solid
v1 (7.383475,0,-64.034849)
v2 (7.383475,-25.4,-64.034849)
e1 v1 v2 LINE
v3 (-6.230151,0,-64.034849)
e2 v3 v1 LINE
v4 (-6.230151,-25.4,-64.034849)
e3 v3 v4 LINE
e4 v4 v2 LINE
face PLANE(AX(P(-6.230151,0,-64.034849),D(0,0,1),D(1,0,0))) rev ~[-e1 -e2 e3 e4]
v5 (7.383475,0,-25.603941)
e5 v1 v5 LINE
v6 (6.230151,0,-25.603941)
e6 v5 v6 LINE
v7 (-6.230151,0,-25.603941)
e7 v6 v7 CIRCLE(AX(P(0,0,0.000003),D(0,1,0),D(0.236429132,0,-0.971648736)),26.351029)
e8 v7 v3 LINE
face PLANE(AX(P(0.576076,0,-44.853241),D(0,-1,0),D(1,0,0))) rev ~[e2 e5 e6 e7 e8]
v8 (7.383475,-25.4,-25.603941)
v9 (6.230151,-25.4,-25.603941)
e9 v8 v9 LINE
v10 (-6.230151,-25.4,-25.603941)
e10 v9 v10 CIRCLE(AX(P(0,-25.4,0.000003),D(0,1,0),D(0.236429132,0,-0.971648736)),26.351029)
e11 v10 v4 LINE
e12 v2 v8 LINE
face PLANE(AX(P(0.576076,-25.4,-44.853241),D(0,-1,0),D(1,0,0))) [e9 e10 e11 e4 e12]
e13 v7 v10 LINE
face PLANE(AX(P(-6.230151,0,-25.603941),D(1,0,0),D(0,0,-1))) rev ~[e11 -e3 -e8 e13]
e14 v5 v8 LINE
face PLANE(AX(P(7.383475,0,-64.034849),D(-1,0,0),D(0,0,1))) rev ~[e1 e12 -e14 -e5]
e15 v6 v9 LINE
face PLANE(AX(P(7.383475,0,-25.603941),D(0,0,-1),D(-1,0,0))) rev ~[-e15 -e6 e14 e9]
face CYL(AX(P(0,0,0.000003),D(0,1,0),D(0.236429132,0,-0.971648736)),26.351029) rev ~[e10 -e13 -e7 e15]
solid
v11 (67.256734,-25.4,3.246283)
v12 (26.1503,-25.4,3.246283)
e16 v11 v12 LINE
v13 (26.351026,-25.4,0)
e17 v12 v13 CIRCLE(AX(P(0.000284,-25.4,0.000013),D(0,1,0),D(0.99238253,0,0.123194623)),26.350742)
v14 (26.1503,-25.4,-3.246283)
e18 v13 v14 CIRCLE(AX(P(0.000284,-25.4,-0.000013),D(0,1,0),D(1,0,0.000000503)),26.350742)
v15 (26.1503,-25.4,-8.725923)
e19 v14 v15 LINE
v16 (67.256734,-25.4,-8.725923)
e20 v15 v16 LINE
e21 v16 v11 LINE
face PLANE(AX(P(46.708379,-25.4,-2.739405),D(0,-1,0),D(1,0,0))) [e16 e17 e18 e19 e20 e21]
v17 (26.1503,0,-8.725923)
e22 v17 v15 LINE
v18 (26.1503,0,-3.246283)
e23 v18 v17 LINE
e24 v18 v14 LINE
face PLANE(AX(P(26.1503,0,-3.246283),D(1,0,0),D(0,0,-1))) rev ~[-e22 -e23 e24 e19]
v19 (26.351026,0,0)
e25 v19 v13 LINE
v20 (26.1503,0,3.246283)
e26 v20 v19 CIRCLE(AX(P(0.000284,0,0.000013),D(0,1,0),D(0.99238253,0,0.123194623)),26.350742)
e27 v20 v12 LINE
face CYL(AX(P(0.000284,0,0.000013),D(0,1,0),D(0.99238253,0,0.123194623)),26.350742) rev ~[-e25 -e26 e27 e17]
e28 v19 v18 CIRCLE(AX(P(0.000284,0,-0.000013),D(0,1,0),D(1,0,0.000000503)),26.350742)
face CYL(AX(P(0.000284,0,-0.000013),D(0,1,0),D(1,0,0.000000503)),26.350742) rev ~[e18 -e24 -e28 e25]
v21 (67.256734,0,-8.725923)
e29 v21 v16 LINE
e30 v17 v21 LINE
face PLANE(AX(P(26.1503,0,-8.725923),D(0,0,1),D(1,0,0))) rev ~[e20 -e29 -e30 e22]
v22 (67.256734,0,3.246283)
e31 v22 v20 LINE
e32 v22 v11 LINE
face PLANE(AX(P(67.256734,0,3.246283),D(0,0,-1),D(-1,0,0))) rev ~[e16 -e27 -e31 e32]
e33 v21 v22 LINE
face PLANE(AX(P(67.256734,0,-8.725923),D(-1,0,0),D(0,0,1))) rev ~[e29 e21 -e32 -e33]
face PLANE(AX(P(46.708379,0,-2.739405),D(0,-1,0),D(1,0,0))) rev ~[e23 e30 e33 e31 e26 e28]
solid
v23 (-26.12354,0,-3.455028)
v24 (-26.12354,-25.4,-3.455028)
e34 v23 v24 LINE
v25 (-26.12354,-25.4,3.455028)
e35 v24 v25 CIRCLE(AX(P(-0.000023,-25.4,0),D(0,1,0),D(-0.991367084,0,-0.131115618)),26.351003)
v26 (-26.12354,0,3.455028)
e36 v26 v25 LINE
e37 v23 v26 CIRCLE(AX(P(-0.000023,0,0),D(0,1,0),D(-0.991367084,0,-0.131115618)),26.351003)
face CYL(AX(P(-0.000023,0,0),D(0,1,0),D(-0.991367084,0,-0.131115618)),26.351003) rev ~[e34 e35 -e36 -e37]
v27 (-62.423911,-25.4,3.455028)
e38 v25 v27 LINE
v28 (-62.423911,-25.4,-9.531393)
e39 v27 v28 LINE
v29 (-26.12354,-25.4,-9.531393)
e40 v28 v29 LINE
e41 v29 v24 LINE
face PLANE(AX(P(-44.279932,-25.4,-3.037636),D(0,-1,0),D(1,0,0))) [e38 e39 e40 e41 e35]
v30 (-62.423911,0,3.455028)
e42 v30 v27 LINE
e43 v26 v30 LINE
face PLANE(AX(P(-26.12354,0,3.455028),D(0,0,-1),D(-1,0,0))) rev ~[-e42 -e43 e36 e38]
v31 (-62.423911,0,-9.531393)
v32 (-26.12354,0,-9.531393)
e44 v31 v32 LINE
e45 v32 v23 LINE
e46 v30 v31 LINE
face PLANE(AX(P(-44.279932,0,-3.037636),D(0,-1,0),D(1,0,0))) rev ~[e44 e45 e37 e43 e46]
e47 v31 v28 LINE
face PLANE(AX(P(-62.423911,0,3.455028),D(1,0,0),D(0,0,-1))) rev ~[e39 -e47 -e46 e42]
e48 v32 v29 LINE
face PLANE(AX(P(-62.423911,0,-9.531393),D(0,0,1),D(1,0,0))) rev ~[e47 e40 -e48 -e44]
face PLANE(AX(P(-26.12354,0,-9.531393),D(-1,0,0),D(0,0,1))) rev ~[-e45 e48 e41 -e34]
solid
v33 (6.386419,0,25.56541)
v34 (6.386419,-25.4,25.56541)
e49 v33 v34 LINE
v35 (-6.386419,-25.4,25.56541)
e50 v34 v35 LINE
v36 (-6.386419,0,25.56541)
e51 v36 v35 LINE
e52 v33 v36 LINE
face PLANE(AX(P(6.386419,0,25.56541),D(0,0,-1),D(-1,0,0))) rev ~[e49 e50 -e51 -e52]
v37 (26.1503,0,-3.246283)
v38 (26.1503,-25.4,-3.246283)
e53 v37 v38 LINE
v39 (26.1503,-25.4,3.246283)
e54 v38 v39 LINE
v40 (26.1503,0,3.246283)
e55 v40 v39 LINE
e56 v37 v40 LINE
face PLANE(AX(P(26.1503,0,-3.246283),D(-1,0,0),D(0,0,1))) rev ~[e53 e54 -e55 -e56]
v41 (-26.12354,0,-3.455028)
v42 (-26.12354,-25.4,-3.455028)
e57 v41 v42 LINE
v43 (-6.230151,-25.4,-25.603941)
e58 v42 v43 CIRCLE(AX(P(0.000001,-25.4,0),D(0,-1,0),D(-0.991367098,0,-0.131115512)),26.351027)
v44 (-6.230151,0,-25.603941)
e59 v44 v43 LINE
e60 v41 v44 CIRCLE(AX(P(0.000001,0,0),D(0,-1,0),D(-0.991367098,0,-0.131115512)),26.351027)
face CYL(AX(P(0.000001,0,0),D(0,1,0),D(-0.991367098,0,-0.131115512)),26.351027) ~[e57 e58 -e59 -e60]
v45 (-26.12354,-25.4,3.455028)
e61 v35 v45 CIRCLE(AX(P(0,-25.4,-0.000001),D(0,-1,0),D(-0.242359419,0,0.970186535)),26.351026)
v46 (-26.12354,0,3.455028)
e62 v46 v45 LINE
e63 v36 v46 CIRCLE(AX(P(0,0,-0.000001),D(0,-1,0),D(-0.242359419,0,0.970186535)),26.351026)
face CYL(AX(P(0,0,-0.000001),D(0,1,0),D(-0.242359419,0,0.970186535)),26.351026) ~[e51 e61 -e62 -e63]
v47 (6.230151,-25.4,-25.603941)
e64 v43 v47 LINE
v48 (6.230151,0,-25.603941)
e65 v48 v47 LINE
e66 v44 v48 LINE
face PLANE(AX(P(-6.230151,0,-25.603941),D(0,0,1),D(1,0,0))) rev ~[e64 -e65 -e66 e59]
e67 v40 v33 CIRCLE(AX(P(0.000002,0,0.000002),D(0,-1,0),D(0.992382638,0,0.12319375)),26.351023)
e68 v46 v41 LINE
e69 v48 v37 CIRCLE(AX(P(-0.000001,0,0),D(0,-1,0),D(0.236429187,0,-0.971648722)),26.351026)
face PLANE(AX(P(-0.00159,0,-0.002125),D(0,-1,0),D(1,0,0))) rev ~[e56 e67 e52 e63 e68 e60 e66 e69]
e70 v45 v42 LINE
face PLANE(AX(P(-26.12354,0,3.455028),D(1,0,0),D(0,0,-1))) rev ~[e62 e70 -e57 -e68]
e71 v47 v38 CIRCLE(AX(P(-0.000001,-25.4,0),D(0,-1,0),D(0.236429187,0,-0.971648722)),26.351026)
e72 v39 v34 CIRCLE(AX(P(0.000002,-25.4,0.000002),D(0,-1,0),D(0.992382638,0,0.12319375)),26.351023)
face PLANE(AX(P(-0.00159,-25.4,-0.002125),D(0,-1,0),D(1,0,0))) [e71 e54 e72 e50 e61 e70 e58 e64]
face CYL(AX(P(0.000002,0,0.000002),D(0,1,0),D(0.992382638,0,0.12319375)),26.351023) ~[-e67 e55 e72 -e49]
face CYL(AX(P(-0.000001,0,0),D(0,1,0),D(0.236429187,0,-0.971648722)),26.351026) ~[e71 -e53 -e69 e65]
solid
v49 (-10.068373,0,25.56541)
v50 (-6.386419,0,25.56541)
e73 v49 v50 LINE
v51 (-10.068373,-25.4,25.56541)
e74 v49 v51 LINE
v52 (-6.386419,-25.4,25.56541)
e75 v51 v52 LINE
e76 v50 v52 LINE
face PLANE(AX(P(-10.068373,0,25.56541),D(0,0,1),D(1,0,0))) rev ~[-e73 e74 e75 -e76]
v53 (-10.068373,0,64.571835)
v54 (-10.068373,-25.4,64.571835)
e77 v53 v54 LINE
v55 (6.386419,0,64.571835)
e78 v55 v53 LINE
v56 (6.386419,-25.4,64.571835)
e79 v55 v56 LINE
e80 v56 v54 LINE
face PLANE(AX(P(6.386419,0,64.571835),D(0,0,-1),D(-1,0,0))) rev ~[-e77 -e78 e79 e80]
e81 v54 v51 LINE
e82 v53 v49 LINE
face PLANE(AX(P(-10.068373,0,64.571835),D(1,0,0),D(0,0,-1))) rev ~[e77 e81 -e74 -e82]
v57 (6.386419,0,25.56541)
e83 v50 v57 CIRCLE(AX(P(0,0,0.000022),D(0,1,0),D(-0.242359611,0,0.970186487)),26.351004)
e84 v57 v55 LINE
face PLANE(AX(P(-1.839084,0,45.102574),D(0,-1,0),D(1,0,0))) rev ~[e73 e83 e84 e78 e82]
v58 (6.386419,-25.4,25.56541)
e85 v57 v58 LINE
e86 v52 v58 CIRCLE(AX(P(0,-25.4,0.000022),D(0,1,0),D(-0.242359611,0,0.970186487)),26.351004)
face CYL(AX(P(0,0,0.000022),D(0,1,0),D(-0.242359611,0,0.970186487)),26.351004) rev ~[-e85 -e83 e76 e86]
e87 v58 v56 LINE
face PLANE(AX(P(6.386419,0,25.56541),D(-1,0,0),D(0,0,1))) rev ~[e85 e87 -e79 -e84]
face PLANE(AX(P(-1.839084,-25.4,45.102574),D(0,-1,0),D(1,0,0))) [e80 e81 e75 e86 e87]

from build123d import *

# Parameters (mm, degrees)
F1_DEPTH = 25.4


with BuildPart() as f1:
    # F0 (on Front) → F1 (new body)
    with BuildSketch(Plane.XZ):
        with BuildLine():
            Line((26.1503, -3.246283), (26.1503, 3.246283))
            ThreePointArc((26.1503, 3.246283), (19.728036, 17.469435), (6.386419, 25.56541))
            Line((6.386419, 25.56541), (-6.386419, 25.56541))
            ThreePointArc((-6.386419, 25.56541), (-19.658118, 17.548075), (-26.12354, 3.455028))
            Line((-26.12354, 3.455028), (-26.12354, -3.455028))
            ThreePointArc((-26.12354, -3.455028), (-19.604436, -17.608028), (-6.230151, -25.603941))
            Line((-6.230151, -25.603941), (6.230151, -25.603941))
            ThreePointArc((6.230151, -25.603941), (19.674593, -17.529602), (26.1503, -3.246283))
        make_face()
        with BuildLine():
            ThreePointArc((-6.386419, 25.56541), (0, 26.351026), (6.386419, 25.56541))
            Line((6.386419, 25.56541), (6.386419, 64.571835))
            Line((6.386419, 64.571835), (-10.068373, 64.571835))
            Line((-10.068373, 64.571835), (-10.068373, 25.56541))
            Line((-10.068373, 25.56541), (-6.386419, 25.56541))
        make_face()
        with BuildLine():
            ThreePointArc((-26.12354, -3.455028), (-26.351026, 0), (-26.12354, 3.455028))
            Line((-26.12354, 3.455028), (-62.423911, 3.455028))
            Line((-62.423911, 3.455028), (-62.423911, -9.531393))
            Line((-62.423911, -9.531393), (-26.12354, -9.531393))
            Line((-26.12354, -9.531393), (-26.12354, -3.455028))
        make_face()
        with BuildLine():
            ThreePointArc((26.1503, 3.246283), (26.300797, 1.626242), (26.351026, 0))
            ThreePointArc((26.351026, 0), (26.300797, -1.626242), (26.1503, -3.246283))
            Line((26.1503, -3.246283), (26.1503, -8.725923))
            Line((26.1503, -8.725923), (67.256734, -8.725923))
            Line((67.256734, -8.725923), (67.256734, 3.246283))
            Line((67.256734, 3.246283), (26.1503, 3.246283))
        make_face()
        with BuildLine():
            Line((7.383475, -25.603941), (6.230151, -25.603941))
            ThreePointArc((6.230151, -25.603941), (0, -26.351026), (-6.230151, -25.603941))
            Line((-6.230151, -25.603941), (-6.230151, -64.034849))
            Line((-6.230151, -64.034849), (7.383475, -64.034849))
            Line((7.383475, -64.034849), (7.383475, -25.603941))
        make_face()
    extrude(amount=F1_DEPTH)


solid = f1.part
